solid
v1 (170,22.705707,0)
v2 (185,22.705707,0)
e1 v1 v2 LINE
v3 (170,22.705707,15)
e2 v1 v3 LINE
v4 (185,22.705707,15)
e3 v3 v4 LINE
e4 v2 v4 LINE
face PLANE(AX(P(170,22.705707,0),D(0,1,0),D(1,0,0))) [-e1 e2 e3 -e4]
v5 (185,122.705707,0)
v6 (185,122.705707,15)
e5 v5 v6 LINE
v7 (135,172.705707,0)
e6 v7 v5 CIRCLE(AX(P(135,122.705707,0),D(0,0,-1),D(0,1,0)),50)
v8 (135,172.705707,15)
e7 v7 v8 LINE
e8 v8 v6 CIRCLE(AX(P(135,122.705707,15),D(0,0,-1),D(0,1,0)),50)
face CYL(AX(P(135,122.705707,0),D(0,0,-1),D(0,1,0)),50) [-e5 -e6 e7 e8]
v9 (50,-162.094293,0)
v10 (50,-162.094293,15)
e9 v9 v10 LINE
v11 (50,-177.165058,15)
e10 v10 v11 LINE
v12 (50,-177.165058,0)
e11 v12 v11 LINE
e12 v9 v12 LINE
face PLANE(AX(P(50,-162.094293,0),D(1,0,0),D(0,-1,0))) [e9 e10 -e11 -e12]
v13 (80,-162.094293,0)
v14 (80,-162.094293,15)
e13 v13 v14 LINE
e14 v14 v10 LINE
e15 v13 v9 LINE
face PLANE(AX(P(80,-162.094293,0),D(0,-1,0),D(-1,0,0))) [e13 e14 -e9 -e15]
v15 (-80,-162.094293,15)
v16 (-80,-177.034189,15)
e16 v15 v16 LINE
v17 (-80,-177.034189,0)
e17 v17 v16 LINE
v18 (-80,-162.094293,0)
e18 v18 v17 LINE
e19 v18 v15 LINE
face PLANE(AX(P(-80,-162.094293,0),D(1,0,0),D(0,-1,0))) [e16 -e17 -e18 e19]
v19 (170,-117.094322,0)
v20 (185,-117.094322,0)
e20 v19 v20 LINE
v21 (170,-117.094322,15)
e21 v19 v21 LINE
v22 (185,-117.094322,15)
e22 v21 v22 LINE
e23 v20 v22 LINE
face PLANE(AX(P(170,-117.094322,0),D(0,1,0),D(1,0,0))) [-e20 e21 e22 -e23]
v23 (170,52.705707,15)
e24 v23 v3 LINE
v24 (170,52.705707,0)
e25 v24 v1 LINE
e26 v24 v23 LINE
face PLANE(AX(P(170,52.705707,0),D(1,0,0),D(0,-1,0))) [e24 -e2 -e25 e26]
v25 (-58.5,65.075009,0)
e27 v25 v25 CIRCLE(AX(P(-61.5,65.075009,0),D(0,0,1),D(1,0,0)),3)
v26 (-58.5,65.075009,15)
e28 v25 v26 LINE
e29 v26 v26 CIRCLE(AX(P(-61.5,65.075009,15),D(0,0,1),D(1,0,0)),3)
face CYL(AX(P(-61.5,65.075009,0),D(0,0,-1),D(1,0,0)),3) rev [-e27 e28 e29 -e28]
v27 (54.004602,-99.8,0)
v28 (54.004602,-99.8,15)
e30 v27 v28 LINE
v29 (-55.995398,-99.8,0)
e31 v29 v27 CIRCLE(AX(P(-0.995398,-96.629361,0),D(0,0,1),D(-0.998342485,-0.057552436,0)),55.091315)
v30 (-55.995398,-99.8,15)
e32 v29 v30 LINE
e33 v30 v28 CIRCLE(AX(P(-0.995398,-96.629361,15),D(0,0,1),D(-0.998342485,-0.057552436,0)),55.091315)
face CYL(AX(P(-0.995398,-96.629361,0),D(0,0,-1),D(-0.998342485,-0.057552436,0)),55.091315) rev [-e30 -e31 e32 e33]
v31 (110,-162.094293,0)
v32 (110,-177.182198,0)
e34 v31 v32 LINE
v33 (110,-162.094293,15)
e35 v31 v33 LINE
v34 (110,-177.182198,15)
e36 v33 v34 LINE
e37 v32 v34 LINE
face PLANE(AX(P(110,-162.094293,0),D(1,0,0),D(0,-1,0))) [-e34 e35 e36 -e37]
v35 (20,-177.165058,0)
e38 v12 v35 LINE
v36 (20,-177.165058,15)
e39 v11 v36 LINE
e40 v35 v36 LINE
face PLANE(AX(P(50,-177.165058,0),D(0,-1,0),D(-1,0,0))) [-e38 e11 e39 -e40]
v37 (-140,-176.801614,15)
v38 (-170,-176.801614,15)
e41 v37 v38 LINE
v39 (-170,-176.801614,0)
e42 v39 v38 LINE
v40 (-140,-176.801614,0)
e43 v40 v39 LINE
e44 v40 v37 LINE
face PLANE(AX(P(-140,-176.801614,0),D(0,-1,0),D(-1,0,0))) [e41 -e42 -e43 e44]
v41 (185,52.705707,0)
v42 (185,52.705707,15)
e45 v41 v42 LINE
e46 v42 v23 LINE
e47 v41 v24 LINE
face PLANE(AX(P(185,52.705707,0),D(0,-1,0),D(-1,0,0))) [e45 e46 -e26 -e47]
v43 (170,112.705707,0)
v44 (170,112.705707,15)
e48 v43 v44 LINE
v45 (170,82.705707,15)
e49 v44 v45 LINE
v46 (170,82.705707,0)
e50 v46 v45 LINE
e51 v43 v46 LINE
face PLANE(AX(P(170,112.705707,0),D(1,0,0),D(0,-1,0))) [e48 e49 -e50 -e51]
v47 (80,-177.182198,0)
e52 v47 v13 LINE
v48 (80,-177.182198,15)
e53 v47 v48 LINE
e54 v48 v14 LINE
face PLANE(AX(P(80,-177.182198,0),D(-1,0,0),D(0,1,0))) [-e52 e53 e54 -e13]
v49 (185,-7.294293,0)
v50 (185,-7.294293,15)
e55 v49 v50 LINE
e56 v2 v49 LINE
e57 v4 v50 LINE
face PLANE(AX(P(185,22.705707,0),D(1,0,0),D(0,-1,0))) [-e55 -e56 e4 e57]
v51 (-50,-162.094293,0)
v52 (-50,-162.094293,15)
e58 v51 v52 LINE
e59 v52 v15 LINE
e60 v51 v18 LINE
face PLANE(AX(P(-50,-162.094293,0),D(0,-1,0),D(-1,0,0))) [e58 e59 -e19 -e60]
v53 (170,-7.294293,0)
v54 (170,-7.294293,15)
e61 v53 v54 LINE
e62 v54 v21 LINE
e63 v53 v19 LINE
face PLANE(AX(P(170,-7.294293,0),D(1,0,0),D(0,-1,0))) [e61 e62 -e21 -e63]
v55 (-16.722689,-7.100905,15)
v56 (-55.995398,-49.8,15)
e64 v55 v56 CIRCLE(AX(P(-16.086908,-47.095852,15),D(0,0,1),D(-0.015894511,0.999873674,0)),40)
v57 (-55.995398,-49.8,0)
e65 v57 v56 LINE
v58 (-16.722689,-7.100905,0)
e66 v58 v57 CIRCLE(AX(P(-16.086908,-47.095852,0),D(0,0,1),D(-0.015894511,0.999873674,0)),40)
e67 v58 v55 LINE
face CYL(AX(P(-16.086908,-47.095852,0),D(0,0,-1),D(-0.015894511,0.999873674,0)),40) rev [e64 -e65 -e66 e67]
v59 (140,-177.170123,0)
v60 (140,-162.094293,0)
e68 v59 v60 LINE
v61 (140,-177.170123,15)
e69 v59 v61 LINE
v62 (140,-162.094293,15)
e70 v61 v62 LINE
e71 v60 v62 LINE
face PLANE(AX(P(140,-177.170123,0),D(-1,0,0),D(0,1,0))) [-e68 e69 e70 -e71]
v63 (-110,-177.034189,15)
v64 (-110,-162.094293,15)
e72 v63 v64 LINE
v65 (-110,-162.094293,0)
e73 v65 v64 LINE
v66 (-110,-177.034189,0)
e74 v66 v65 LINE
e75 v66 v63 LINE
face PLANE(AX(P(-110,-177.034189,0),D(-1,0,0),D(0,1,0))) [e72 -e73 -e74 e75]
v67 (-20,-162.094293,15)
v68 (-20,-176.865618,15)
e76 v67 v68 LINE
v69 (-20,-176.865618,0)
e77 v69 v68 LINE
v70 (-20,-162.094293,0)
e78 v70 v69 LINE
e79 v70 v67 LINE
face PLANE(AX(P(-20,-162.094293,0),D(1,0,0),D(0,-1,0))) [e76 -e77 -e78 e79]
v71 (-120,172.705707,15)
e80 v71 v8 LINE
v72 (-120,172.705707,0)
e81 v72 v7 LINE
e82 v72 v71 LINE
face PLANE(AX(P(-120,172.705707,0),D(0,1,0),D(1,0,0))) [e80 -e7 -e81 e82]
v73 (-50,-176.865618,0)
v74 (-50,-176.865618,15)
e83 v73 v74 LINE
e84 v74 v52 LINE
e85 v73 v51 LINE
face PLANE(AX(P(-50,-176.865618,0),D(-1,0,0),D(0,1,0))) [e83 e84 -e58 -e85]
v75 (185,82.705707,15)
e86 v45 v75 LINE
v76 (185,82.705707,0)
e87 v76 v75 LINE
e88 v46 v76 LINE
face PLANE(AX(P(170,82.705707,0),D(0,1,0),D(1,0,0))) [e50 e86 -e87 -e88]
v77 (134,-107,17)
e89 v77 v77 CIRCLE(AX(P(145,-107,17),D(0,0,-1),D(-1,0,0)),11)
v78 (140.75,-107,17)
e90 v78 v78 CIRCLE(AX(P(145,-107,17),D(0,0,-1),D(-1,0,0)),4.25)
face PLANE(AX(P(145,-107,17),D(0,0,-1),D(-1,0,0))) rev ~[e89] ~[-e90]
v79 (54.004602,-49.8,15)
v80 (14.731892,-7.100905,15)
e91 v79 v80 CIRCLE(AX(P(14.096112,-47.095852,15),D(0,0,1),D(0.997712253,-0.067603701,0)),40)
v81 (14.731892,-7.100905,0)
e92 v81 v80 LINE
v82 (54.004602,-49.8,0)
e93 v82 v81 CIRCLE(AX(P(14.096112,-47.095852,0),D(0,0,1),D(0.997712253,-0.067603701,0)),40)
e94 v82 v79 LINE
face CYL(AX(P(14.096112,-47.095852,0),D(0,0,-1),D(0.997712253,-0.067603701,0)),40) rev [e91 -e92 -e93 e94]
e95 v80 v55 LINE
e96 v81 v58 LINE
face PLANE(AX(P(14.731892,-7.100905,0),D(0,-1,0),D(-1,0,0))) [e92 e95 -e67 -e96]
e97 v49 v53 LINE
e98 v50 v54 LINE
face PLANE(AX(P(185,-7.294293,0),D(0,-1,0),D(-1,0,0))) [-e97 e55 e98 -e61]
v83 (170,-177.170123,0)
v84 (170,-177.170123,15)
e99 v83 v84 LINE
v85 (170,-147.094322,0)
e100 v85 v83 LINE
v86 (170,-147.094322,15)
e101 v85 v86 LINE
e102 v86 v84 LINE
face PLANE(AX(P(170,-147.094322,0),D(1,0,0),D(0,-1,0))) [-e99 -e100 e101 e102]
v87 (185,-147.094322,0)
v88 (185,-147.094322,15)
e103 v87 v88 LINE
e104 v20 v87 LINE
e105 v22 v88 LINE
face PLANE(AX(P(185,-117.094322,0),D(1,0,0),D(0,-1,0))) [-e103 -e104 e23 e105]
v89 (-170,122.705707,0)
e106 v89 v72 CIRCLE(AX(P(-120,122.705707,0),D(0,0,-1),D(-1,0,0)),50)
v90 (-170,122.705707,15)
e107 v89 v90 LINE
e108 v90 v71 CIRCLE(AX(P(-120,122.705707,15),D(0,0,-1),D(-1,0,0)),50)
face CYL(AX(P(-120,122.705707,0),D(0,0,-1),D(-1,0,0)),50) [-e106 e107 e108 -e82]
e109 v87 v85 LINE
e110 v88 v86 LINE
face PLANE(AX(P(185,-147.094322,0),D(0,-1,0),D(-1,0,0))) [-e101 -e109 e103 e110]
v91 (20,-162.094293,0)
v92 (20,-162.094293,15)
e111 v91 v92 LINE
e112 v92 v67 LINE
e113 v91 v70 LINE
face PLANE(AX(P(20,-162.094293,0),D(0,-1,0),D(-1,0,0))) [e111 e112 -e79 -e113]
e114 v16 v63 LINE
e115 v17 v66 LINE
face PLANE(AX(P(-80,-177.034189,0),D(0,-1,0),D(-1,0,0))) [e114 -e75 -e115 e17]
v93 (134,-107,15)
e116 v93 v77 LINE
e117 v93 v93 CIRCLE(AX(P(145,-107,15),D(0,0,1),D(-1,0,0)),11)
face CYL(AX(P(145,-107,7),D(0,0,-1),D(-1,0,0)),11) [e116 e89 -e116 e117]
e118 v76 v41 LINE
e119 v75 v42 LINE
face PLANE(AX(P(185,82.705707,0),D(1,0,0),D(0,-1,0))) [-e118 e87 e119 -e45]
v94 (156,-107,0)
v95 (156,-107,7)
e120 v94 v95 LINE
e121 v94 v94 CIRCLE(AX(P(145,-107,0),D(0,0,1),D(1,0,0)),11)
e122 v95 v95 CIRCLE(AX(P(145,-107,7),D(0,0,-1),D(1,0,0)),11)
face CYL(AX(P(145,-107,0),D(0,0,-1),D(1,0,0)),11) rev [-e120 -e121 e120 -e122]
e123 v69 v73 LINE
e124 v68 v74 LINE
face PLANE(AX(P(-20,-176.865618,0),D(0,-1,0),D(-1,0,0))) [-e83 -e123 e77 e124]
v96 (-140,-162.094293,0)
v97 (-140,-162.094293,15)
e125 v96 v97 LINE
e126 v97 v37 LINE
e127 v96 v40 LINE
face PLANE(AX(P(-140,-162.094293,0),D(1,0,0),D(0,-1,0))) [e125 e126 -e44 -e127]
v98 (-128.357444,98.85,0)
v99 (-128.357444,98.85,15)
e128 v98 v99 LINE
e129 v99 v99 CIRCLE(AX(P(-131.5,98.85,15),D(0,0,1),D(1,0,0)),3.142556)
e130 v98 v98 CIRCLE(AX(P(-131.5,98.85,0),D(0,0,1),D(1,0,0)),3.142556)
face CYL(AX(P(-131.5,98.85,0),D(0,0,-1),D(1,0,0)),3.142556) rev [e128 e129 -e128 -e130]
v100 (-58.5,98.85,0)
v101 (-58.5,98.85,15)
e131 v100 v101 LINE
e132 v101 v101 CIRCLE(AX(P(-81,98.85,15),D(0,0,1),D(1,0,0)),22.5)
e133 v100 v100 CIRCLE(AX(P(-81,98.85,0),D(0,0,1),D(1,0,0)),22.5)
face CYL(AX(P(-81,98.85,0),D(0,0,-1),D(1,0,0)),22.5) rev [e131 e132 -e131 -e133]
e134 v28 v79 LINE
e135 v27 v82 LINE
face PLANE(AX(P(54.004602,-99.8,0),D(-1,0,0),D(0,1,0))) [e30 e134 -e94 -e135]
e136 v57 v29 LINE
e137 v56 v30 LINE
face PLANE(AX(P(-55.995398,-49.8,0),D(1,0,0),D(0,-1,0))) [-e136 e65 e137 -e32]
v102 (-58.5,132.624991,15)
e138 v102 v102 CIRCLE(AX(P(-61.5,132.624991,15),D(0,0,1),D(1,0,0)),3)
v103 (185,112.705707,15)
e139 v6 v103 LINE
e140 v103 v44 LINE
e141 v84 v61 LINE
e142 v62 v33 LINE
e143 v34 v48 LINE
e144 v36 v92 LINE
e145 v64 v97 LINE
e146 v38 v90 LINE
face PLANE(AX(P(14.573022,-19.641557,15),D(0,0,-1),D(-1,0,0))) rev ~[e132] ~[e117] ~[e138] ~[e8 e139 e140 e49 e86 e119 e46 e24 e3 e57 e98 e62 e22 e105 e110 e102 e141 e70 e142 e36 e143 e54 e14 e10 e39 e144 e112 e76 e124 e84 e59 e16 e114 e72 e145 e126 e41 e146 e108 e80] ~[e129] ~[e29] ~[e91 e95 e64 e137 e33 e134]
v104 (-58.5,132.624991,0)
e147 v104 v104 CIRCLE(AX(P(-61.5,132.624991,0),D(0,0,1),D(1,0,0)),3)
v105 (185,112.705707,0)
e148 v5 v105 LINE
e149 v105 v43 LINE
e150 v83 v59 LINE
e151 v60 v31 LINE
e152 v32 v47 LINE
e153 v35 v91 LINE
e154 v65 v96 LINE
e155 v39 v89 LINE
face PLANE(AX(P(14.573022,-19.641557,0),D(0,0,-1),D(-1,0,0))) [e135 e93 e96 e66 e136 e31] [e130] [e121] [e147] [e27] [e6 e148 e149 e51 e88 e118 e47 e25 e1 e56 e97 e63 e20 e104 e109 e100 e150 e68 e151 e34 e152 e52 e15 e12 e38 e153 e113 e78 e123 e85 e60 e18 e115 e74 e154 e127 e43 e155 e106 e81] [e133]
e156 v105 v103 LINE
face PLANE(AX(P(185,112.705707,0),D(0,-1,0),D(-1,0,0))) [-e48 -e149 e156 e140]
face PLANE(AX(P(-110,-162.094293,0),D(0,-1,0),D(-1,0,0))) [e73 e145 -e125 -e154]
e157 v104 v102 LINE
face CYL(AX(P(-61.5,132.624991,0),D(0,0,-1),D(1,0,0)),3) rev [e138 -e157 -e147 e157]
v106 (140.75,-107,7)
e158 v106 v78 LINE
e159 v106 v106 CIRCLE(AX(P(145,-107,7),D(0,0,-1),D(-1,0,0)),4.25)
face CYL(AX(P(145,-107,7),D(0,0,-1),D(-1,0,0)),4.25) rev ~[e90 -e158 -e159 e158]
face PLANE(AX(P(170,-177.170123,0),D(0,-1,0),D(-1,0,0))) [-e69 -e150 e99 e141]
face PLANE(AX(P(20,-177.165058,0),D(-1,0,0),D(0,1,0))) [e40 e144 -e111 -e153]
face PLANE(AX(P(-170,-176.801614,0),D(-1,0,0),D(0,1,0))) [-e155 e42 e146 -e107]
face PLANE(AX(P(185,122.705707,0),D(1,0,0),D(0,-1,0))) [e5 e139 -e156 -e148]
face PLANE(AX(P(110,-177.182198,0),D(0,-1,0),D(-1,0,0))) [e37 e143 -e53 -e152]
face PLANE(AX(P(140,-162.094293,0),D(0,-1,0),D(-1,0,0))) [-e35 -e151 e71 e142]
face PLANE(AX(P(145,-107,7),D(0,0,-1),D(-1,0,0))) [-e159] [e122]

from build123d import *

# Parameters (mm, degrees)
SKETCH1_R           = 11
SKETCH1_R_2         = 3.142556432
SKETCH1_R_3         = 22.5
SKETCH1_R_4         = 3
BOSS_EXTRUDE1_DEPTH = 15
BOSS_EXTRUDE2_START = 10
SKETCH3_R           = 11
SKETCH3_R_2         = 4.25
BOSS_EXTRUDE2_DEPTH = 10


with BuildPart() as part:
    # Sketch1 → Boss-Extrude1 (new body)
    with BuildSketch(Plane.XY):
        with BuildLine():
            Line((-120, 172.705707432), (135, 172.705707432))
            ThreePointArc((135, 172.705707432), (170.355339059, 158.061046491), (185, 122.705707432))
            Line((185, 122.705707432), (185, 112.705707432))
            Line((185, 112.705707432), (170, 112.705707432))
            Line((170, 112.705707432), (170, 82.705707432))
            Line((170, 82.705707432), (185, 82.705707432))
            Line((185, 82.705707432), (185, 52.705707432))
            Line((185, 52.705707432), (170, 52.705707432))
            Line((170, 52.705707432), (170, 22.705707432))
            Line((170, 22.705707432), (185, 22.705707432))
            Line((185, 22.705707432), (185, -7.294292568))
            Line((185, -7.294292568), (170, -7.294292568))
            Line((170, -7.294292568), (170, -117.094321696))
            Line((170, -117.094321696), (185, -117.094321696))
            Line((185, -117.094321696), (185, -147.094321696))
            Line((185, -147.094321696), (170, -147.094321696))
            Line((170, -147.094321696), (170, -162.094292568))
            Line((170, -162.094292568), (170, -177.170123414))
            Line((170, -177.170123414), (140, -177.170123414))
            Line((140, -177.170123414), (140, -162.094292568))
            Line((140, -162.094292568), (110, -162.094292568))
            Line((110, -162.094292568), (110, -177.182197899))
            Line((110, -177.182197899), (80, -177.182197899))
            Line((80, -177.182197899), (80, -162.094292568))
            Line((80, -162.094292568), (50, -162.094292568))
            Line((50, -162.094292568), (50, -177.165057848))
            Line((50, -177.165057848), (20, -177.165057848))
            Line((20, -177.165057848), (20, -162.094292568))
            Line((20, -162.094292568), (-20, -162.094292568))
            Line((-20, -162.094292568), (-20, -176.865618337))
            Line((-20, -176.865618337), (-50, -176.865618337))
            Line((-50, -176.865618337), (-50, -162.094292568))
            Line((-50, -162.094292568), (-80, -162.094292568))
            Line((-80, -162.094292568), (-80, -177.034188853))
            Line((-80, -177.034188853), (-110, -177.034188853))
            Line((-110, -177.034188853), (-110, -162.094292568))
            Line((-110, -162.094292568), (-140, -162.094292568))
            Line((-140, -162.094292568), (-140, -176.801614054))
            Line((-140, -176.801614054), (-170, -176.801614054))
            Line((-170, -176.801614054), (-170, -167.294292568))
            Line((-170, -167.294292568), (-170, 122.705707432))
            ThreePointArc((-170, 122.705707432), (-155.355339059, 158.061046491), (-120, 172.705707432))
        make_face()
        with Locations((145, -107)):
            Circle(SKETCH1_R, mode=Mode.SUBTRACT)
        with Locations((-131.5, 98.85)):
            Circle(SKETCH1_R_2, mode=Mode.SUBTRACT)
        with Locations((-81, 98.85)):
            Circle(SKETCH1_R_3, mode=Mode.SUBTRACT)
        with Locations((-61.5, 65.075009252)):
            Circle(SKETCH1_R_4, mode=Mode.SUBTRACT)
        with Locations((-61.5, 132.624990748)):
            Circle(SKETCH1_R_4, mode=Mode.SUBTRACT)
        with BuildLine():
            Line((-55.995398281, -49.8), (-55.995398281, -99.8))
            ThreePointArc((-55.995398281, -99.8), (-0.995398281, -151.720675316), (54.004601719, -99.8))
            Line((54.004601719, -99.8), (54.004601719, -49.8))
            ThreePointArc((54.004601719, -49.8), (43.536944591, -20.017496175), (14.731892041, -7.100905005))
            Line((14.731892041, -7.100905005), (-16.722688603, -7.100905005))
            ThreePointArc((-16.722688603, -7.100905005), (-45.527741152, -20.017496175), (-55.995398281, -49.8))
        make_face(mode=Mode.SUBTRACT)
    extrude(amount=BOSS_EXTRUDE1_DEPTH)

    # Sketch3 → Boss-Extrude2 (add)
    with BuildSketch(Plane(origin=(0, 0, 17), x_dir=(-1, 0, 0), z_dir=(0, 0, -1)).offset(BOSS_EXTRUDE2_START)):
        with Locations((-145, -107)):
            Circle(SKETCH3_R)
        with Locations((-145, -107)):
            Circle(SKETCH3_R_2, mode=Mode.SUBTRACT)
    extrude(amount=-BOSS_EXTRUDE2_DEPTH)


solid = part.part
